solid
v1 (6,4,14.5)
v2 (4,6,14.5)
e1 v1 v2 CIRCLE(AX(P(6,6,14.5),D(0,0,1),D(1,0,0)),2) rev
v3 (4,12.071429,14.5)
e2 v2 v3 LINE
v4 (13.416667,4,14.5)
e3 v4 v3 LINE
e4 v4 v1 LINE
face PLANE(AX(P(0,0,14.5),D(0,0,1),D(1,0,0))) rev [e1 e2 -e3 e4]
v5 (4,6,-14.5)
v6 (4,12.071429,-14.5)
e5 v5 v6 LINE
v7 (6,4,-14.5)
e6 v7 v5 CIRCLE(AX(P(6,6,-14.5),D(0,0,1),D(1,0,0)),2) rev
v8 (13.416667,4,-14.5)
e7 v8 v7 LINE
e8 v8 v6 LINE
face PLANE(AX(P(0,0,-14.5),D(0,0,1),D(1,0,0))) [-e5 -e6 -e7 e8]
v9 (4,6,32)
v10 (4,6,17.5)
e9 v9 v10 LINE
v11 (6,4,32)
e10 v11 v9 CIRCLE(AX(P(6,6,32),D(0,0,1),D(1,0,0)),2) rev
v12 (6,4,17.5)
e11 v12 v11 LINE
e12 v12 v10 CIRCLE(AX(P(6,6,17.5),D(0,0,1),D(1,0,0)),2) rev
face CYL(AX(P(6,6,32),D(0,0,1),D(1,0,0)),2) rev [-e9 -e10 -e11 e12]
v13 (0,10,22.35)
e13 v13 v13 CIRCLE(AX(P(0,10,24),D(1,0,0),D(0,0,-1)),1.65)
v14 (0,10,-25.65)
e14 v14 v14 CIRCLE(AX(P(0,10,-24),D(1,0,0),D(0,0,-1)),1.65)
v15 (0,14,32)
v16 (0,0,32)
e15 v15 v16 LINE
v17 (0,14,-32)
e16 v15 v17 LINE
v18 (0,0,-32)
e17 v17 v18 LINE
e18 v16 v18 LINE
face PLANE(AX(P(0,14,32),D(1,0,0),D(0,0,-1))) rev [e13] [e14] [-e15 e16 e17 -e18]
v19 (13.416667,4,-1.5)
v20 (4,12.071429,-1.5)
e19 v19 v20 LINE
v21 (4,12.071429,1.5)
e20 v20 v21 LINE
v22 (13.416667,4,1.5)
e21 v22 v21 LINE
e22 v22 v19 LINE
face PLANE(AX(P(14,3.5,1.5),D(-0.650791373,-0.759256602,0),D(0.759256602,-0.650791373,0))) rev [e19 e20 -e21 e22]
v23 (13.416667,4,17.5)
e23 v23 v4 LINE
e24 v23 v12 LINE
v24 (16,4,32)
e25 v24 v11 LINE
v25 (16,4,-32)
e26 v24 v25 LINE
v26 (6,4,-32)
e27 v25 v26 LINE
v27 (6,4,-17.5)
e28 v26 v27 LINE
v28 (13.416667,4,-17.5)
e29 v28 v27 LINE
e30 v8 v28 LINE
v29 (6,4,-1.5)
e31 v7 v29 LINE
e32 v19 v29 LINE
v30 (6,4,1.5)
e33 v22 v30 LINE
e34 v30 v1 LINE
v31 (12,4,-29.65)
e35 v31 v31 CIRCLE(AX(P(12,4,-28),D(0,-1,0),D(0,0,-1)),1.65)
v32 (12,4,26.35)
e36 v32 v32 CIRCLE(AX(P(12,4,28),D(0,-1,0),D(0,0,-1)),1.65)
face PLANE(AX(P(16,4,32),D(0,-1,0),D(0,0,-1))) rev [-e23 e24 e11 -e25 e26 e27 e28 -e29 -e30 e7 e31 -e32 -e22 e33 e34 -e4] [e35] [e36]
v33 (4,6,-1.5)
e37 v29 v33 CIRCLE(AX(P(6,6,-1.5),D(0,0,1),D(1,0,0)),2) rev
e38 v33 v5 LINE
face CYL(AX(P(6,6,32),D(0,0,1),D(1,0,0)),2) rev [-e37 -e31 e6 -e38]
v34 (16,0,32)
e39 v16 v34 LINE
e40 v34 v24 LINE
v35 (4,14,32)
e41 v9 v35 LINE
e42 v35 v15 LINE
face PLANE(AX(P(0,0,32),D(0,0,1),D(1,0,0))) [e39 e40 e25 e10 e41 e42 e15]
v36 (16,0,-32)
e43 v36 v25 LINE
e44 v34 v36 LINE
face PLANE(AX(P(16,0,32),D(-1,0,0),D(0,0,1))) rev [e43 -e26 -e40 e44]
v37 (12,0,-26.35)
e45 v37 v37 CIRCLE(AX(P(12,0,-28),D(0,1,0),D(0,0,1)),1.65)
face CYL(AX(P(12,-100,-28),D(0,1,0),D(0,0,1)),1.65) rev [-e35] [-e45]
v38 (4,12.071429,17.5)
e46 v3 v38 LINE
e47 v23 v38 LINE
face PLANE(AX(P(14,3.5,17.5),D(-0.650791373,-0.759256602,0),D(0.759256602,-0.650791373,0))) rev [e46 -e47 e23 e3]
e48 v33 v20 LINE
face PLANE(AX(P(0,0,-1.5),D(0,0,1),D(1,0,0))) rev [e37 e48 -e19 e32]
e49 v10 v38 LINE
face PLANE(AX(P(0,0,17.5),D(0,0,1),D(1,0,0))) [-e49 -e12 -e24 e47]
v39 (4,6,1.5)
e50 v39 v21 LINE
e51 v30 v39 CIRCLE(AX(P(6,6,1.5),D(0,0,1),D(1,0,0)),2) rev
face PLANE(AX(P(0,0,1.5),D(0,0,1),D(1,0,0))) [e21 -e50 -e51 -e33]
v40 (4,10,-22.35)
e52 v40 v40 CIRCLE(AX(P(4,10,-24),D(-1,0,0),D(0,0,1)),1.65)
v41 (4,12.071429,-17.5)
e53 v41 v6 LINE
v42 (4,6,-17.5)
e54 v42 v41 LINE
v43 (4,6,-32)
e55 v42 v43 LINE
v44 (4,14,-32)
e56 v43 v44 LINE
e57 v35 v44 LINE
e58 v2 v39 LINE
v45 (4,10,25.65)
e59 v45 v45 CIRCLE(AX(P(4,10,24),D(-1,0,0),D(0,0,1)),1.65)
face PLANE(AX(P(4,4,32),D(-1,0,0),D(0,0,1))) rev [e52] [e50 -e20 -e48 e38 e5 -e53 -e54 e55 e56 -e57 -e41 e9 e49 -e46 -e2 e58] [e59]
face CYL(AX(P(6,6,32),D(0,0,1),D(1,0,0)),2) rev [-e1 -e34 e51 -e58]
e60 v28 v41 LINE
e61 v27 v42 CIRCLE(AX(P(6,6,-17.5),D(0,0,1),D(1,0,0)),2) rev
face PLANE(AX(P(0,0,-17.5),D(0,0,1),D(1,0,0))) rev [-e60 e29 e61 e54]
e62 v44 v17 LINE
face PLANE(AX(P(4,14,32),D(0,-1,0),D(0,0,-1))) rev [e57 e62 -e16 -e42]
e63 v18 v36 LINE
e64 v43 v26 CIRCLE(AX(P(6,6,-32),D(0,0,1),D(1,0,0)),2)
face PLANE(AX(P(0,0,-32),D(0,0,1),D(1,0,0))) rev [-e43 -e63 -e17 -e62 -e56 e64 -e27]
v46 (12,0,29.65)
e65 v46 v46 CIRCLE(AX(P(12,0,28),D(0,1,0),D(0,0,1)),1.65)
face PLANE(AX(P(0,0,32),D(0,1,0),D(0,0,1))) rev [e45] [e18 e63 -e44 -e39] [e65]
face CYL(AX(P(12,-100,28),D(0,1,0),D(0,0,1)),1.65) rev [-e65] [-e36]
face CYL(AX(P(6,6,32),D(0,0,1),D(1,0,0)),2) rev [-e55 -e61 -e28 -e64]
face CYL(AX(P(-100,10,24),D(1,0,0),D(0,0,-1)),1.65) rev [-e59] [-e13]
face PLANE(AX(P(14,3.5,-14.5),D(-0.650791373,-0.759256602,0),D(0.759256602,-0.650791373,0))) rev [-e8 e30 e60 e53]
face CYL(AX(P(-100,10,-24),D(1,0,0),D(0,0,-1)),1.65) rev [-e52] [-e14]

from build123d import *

# Parameters (mm, degrees)
F_1P5MM_64_START              = -32
F_1P5MM_64_DEPTH              = 64
CUT_EXTRUDE_M3_1_DEPTH        = 100
CUT_EXTRUDE_M3_1_DEPTH_BACK   = 100
SKETCH_2_R                    = 1.65
CUT_EXTRUDE_M3_1_2_DEPTH      = 100
CUT_EXTRUDE_M3_1_2_DEPTH_BACK = 100
SKETCH_4_R                    = 1.65
CUT_EXTRUDE_M3_1_3_DEPTH      = 100
CUT_EXTRUDE_M3_1_3_DEPTH_BACK = 100
SKETCH_5_R                    = 1.65
CUT_EXTRUDE_M3_1_4_DEPTH      = 100
CUT_EXTRUDE_M3_1_4_DEPTH_BACK = 100
SKETCH_7_R                    = 1.65
FDM_R2_R                      = 2
FDM_3MM_16_START              = -17.5
FDM_3MM_16_DEPTH              = 3
FDM_3MM_0_START               = -1.5
FDM_3MM_0_DEPTH               = 3
FDM_3MM_16_START_2            = 14.5
FDM_3MM_16_2_DEPTH            = 3


with BuildPart() as part:
    # 草图1 → 1p5mm铝合金直角座_宽64 (new body)
    with BuildSketch(Plane.XY.offset(F_1P5MM_64_START)):
        Polygon((0, 0), (16, 0), (16, 4), (4, 4), (4, 14), (0, 14), align=None)
    extrude(amount=F_1P5MM_64_DEPTH)

    # 草图2 → Cut-Extrude M3_-1 (cut, two sides: drawn at the far end of the back side and taken through both)
    with BuildSketch(Plane(origin=(0, 0, 0), x_dir=(0, 0, -1), z_dir=(1, 0, 0)).offset(-CUT_EXTRUDE_M3_1_DEPTH_BACK)):
        with Locations((24, 10)):
            Circle(SKETCH_2_R)
    extrude(amount=CUT_EXTRUDE_M3_1_DEPTH + CUT_EXTRUDE_M3_1_DEPTH_BACK, mode=Mode.SUBTRACT)

    # 草图4 → Cut-Extrude M3_-1 2 (cut, two sides: drawn at the far end of the back side and taken through both)
    with BuildSketch(Plane(origin=(0, 0, 0), x_dir=(1, 0, 0), z_dir=(0, 1, 0)).offset(-CUT_EXTRUDE_M3_1_2_DEPTH_BACK)):
        with Locations(Location((12, 28, 0), (0, 0, 270))):
            Circle(SKETCH_4_R)
    extrude(amount=CUT_EXTRUDE_M3_1_2_DEPTH + CUT_EXTRUDE_M3_1_2_DEPTH_BACK, mode=Mode.SUBTRACT)

    # 草图5 → Cut-Extrude M3_1 3 (cut, two sides: drawn at the far end of the back side and taken through both)
    with BuildSketch(Plane(origin=(0, 0, 0), x_dir=(0, 0, -1), z_dir=(1, 0, 0)).offset(-CUT_EXTRUDE_M3_1_3_DEPTH_BACK)):
        with Locations((-24, 10)):
            Circle(SKETCH_5_R)
    extrude(amount=CUT_EXTRUDE_M3_1_3_DEPTH + CUT_EXTRUDE_M3_1_3_DEPTH_BACK, mode=Mode.SUBTRACT)

    # 草图7 → Cut-Extrude M3_1 4 (cut, two sides: drawn at the far end of the back side and taken through both)
    with BuildSketch(Plane(origin=(0, 0, 0), x_dir=(1, 0, 0), z_dir=(0, 1, 0)).offset(-CUT_EXTRUDE_M3_1_4_DEPTH_BACK)):
        with Locations(Location((12, -28, 0), (0, 0, 270))):
            Circle(SKETCH_7_R)
    extrude(amount=CUT_EXTRUDE_M3_1_4_DEPTH + CUT_EXTRUDE_M3_1_4_DEPTH_BACK, mode=Mode.SUBTRACT)

    # FDM根部内圆角_R2
    fdm_r2_edges = [part.edges().sort_by_distance(p)[0] for p in [
        (4, 4, 0),
    ]]
    fillet(fdm_r2_edges, radius=FDM_R2_R)

    # 草图8 → FDM__3mm_-16 (add)
    with BuildSketch(Plane.XY.offset(FDM_3MM_16_START)):
        Polygon((3.5, 3.5), (14, 3.5), (3.5, 12.5), align=None)
    extrude(amount=FDM_3MM_16_DEPTH)

    # 草图9 → FDM三角加强筋_3mm_0 (add)
    with BuildSketch(Plane.XY.offset(FDM_3MM_0_START)):
        Polygon((3.5, 3.5), (14, 3.5), (3.5, 12.5), align=None)
    extrude(amount=FDM_3MM_0_DEPTH)

    # 草图10 → FDM__3mm_16 2 (add)
    with BuildSketch(Plane.XY.offset(FDM_3MM_16_START_2)):
        Polygon((3.5, 3.5), (14, 3.5), (3.5, 12.5), align=None)
    extrude(amount=FDM_3MM_16_2_DEPTH)


solid = part.part
